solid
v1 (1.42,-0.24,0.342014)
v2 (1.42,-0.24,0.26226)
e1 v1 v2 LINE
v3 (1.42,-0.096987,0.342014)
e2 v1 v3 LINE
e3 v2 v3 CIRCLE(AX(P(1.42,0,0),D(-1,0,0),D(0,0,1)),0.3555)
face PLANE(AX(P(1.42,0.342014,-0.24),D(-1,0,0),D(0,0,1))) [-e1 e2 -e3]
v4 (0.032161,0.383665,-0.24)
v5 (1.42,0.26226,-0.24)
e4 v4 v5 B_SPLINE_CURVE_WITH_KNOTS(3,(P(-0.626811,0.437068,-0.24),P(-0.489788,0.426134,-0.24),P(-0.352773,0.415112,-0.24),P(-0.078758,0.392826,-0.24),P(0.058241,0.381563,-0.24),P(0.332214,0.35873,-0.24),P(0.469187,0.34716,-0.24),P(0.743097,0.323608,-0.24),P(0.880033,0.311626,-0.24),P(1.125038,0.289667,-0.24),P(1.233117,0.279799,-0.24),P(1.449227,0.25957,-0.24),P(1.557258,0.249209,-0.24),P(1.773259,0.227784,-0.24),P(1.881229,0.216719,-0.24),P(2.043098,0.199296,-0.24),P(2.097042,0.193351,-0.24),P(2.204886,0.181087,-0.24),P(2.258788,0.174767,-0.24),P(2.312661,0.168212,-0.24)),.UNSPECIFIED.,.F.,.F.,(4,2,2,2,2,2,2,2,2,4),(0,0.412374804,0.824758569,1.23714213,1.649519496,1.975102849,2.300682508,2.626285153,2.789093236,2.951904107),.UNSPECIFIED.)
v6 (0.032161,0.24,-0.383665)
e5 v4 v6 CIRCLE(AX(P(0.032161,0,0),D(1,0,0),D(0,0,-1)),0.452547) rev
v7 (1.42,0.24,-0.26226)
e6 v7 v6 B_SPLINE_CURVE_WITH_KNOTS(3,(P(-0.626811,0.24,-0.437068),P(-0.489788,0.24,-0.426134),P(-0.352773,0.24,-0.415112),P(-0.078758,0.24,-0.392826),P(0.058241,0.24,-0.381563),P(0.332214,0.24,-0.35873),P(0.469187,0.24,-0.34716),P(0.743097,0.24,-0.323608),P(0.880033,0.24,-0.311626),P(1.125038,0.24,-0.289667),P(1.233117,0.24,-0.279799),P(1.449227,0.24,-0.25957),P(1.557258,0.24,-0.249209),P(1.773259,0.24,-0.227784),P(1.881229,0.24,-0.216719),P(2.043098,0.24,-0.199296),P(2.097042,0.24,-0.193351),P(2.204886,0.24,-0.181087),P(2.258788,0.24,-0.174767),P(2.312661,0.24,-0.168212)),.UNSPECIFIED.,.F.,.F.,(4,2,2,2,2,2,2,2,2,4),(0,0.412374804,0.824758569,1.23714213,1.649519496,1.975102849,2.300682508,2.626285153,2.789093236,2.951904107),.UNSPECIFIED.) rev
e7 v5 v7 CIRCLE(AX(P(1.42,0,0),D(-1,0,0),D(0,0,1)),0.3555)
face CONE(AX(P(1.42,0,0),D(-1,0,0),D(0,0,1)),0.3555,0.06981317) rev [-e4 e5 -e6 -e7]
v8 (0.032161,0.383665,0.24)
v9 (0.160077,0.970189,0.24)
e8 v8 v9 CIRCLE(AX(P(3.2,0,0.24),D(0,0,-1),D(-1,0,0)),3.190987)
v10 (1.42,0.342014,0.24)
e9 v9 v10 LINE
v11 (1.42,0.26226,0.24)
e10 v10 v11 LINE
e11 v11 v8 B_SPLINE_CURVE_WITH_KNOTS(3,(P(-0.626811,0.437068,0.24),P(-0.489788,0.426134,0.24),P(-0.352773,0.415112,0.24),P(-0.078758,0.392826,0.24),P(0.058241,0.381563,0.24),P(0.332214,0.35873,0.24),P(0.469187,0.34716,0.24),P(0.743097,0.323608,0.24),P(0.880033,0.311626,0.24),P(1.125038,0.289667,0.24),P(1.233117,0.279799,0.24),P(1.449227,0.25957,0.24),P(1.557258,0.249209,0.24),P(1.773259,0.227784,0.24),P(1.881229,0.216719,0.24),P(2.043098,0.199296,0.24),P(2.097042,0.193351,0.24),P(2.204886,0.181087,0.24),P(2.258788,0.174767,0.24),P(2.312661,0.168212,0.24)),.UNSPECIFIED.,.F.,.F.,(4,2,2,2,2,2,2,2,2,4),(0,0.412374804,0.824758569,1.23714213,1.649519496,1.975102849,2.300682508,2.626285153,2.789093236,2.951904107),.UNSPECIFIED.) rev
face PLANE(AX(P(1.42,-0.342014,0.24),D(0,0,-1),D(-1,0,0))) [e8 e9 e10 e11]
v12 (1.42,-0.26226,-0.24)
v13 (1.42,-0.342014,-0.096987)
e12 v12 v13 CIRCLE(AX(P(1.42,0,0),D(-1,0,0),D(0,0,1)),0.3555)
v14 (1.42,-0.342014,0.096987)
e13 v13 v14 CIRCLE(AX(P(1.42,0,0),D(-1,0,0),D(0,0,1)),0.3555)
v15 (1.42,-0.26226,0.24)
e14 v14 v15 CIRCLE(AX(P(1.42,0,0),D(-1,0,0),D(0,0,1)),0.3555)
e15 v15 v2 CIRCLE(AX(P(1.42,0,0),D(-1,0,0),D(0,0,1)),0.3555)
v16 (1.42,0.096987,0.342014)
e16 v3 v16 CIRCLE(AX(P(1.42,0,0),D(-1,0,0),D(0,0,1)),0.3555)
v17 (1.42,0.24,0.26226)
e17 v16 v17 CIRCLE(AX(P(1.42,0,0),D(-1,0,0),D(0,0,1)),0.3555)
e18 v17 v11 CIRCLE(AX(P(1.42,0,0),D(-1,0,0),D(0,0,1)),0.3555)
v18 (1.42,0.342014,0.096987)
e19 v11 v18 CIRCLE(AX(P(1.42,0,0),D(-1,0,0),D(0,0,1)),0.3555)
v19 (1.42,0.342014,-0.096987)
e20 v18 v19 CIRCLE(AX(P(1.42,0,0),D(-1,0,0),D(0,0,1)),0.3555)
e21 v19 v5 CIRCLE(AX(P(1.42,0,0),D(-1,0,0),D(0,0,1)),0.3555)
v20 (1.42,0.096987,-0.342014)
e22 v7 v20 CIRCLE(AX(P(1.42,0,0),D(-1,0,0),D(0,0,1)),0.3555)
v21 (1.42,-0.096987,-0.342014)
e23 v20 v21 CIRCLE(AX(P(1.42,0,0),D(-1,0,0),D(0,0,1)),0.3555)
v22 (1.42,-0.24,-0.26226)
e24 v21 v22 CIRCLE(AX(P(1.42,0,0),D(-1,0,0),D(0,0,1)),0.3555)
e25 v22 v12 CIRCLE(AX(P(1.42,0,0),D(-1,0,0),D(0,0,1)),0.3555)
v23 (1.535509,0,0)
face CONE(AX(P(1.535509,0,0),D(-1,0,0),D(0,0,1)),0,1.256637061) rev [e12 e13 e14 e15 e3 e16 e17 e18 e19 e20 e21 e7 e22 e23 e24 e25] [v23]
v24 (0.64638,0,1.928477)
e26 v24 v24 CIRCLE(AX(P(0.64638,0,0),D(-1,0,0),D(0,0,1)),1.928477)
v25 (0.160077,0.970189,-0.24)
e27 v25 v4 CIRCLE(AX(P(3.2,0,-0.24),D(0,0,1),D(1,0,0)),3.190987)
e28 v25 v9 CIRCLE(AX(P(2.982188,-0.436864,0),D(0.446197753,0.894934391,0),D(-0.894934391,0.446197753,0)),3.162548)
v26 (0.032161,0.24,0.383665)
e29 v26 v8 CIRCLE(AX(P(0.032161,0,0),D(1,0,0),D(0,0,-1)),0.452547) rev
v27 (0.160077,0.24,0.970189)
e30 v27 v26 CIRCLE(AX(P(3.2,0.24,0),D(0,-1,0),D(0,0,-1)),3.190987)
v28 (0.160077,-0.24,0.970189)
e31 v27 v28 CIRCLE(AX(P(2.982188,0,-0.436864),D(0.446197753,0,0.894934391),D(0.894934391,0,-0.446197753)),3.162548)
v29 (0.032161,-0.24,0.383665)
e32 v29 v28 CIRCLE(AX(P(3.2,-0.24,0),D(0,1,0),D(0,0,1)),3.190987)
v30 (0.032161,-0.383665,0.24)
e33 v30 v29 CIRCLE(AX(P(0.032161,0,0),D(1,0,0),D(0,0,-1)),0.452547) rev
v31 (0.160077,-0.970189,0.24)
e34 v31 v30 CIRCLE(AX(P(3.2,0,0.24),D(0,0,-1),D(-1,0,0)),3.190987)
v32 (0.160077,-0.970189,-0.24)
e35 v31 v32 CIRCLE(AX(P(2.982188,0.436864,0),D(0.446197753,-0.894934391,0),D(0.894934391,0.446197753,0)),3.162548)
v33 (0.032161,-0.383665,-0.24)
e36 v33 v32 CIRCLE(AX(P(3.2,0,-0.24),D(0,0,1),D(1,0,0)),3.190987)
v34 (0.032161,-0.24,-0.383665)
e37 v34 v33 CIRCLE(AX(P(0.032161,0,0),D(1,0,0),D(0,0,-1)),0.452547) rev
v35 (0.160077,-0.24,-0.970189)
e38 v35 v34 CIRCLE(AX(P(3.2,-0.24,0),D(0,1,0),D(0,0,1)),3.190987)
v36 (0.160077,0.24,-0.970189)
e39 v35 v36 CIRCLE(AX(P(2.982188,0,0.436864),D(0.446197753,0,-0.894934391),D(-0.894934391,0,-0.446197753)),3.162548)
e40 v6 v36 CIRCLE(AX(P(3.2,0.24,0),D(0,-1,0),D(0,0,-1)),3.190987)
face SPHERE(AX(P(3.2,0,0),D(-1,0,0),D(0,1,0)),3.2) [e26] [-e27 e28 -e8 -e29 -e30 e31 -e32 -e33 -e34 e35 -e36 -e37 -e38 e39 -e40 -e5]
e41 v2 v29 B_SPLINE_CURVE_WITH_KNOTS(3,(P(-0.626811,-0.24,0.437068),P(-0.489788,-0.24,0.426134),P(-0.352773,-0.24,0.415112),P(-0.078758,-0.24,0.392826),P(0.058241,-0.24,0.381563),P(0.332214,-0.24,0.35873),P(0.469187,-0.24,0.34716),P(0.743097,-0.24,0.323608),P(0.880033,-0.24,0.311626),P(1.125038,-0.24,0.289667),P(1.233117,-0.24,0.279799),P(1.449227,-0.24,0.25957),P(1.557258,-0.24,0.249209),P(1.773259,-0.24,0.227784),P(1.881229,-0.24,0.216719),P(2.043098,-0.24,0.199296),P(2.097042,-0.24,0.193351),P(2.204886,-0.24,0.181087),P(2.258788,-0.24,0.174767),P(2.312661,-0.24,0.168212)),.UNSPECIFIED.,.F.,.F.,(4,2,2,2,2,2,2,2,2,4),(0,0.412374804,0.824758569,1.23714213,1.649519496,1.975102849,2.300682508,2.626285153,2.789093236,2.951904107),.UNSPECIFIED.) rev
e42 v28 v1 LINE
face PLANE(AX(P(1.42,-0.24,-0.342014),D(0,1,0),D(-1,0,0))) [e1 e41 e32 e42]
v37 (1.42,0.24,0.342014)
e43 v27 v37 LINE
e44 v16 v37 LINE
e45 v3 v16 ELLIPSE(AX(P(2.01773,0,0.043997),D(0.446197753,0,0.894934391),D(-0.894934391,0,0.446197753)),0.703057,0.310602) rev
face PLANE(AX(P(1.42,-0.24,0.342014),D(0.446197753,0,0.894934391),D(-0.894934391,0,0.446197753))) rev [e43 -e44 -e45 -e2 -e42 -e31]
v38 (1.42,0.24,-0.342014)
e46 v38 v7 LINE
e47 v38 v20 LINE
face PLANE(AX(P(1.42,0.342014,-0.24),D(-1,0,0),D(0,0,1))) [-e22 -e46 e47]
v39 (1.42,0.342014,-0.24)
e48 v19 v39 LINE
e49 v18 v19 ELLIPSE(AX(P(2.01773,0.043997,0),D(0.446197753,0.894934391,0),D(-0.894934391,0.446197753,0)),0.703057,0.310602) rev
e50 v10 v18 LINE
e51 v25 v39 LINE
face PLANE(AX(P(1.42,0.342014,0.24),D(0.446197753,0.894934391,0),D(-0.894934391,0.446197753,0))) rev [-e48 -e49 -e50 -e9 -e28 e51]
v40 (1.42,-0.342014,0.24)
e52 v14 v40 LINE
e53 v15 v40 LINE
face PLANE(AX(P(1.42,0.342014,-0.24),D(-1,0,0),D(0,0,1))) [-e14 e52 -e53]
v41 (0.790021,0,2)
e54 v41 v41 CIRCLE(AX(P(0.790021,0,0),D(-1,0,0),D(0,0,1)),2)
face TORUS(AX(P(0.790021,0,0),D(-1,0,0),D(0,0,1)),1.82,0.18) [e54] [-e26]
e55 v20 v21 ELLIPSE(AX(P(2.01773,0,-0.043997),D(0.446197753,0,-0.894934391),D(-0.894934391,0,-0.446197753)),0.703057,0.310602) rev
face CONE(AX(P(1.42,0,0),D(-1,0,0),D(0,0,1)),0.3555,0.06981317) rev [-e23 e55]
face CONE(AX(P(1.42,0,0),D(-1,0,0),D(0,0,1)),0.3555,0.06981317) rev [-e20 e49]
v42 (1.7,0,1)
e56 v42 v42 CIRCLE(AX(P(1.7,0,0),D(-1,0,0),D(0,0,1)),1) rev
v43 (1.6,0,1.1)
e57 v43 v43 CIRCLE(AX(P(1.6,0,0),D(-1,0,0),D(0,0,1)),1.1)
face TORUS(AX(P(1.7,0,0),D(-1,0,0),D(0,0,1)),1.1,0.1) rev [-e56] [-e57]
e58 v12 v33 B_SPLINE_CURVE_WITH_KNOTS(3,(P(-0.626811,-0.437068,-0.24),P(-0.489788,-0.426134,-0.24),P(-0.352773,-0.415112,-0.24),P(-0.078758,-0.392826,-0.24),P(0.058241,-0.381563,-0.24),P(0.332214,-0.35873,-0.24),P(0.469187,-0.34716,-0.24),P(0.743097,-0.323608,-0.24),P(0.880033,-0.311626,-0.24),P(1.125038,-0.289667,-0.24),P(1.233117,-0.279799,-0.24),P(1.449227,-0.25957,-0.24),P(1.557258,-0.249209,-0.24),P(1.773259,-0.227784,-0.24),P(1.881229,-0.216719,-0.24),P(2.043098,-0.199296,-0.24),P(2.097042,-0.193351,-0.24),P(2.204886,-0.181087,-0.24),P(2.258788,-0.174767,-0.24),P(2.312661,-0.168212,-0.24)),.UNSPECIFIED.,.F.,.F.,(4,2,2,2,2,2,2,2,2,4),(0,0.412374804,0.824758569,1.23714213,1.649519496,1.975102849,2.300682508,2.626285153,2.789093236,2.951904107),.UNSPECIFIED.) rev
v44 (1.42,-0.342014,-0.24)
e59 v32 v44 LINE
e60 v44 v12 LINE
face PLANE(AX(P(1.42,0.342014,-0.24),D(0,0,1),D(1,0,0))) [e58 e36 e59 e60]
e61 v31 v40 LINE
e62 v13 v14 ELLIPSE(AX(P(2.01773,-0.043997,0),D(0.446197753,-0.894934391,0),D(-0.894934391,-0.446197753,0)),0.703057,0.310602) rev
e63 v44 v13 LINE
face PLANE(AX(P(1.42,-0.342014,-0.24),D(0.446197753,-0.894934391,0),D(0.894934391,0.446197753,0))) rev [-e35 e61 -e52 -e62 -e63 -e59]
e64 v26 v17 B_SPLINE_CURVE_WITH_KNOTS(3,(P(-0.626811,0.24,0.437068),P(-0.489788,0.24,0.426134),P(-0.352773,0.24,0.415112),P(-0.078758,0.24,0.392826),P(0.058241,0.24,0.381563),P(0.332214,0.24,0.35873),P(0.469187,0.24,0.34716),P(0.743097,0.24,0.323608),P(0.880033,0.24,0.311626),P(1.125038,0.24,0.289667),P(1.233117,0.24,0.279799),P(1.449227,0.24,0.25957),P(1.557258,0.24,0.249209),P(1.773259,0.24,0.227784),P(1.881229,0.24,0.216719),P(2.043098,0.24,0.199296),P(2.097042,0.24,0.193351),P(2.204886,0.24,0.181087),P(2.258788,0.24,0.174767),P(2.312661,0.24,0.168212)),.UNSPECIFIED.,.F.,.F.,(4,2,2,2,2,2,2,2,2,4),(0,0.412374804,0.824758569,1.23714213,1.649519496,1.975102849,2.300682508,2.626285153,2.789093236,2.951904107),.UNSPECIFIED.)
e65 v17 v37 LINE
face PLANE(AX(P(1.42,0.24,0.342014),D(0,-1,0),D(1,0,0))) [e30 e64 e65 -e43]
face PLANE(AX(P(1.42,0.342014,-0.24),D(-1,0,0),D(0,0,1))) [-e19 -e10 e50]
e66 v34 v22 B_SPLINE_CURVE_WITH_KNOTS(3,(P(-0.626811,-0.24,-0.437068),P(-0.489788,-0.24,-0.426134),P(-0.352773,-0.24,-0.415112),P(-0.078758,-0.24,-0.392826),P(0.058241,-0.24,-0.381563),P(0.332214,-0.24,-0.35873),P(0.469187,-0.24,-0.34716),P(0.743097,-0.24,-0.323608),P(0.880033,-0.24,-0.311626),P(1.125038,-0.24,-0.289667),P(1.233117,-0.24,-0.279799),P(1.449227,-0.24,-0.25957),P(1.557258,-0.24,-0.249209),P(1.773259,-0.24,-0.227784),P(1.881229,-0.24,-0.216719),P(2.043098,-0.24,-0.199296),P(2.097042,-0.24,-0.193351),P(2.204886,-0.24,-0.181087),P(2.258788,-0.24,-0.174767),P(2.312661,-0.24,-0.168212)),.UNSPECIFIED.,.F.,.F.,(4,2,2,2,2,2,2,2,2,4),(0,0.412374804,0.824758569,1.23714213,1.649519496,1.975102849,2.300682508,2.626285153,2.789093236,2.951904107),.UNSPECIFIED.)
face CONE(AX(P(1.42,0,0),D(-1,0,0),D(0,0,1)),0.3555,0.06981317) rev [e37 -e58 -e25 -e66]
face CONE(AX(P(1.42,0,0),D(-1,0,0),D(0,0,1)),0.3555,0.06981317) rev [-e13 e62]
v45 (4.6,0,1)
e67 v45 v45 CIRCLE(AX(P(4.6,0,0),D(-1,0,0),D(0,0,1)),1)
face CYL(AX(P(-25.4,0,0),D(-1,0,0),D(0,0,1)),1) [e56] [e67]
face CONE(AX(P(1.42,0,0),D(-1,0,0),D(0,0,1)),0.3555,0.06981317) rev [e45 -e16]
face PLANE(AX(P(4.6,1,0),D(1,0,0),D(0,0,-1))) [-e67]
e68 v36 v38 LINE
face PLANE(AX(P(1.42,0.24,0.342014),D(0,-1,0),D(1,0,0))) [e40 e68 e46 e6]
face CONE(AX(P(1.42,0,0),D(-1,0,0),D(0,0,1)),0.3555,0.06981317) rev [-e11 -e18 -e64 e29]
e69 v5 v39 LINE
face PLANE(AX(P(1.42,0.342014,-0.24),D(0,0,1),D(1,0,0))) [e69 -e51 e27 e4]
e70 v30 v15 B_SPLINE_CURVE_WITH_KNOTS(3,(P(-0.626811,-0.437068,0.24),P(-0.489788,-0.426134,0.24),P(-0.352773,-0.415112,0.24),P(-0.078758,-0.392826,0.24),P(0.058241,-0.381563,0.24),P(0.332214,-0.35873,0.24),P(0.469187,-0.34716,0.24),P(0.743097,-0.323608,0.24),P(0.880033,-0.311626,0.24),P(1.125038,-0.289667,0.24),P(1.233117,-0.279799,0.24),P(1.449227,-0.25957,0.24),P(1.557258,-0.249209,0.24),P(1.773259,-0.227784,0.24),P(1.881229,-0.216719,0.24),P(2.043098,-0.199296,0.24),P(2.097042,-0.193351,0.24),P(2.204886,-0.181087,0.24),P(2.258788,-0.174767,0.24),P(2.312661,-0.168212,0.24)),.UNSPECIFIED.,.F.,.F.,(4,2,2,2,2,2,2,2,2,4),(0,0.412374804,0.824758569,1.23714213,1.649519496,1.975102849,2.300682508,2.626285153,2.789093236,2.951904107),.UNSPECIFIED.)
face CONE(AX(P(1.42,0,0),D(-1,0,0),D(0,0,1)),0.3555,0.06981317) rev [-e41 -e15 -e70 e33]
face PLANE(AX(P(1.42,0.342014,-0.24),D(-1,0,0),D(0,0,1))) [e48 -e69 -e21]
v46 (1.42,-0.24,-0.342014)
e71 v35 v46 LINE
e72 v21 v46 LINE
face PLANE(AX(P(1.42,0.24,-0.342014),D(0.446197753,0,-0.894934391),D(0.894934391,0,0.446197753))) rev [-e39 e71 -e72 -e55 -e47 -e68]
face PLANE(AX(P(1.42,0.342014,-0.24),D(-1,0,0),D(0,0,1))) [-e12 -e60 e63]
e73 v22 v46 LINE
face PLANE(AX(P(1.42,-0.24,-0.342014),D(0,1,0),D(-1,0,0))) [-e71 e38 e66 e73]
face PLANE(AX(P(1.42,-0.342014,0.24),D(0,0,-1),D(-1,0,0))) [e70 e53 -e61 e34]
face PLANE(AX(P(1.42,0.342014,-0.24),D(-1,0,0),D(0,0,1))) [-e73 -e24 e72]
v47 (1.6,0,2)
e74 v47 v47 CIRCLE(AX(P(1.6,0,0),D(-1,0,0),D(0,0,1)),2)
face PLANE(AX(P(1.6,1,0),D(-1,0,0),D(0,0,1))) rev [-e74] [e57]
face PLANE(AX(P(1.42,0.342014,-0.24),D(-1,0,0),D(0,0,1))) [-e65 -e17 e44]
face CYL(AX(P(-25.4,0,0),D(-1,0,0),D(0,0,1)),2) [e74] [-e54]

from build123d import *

# Parameters (mm, degrees)
FILLET1_R    = 0.1
RECPAT_COUNT = 2
RECPAT_ANGLE = 90


with BuildPart() as part:
    # BodySke → Base-Revolve (revolve)
    with BuildSketch(Plane.XY, mode=Mode.PRIVATE) as base_revolve_sk:
        with BuildLine():
            Line((1.6, 1), (1.6, 2))
            Line((1.6, 2), (0.790020747, 2))
            ThreePointArc((0.790020747, 2), (0.709789294, 1.981130115), (0.646379599, 1.928476821))
            ThreePointArc((0.646379599, 1.928476821), (0.165895084, 1.016959861), (0, 0))
            Line((0, 0), (4.6, 0))
            Line((4.6, 0), (4.6, 1))
            Line((4.6, 1), (1.6, 1))
        make_face()
    revolve(base_revolve_sk.sketch.rotate(Axis((0.790020747, 0, 0), (1, 0, 0)), 90), axis=Axis((0.790020747, 0, 0), (1, 0, 0)))

    # Fillet1
    fillet1_edges = [part.edges().sort_by_distance(p)[0] for p in [
        (1.6, 0, -1),
    ]]
    fillet(fillet1_edges, radius=FILLET1_R)

    # Sketch3 → Recess section 0
    with BuildSketch(Plane(origin=(0, 0, 0), x_dir=(0, 0, -1), z_dir=(1, 0, 0))):
        with BuildLine():
            Line((0.24, -1.05), (-0.24, -1.05))
            Line((-0.24, -1.05), (-0.24, 1.05))
            Line((-0.24, 1.05), (0.24, 1.05))
            Line((0.24, 1.05), (0.24, -1.05))
        make_face()
    # Sketch4 → Recess section 1
    with BuildSketch(Plane(origin=(1.42, 0, 0), x_dir=(0, 0, -1), z_dir=(1, 0, 0))):
        with BuildLine():
            Line((0.24, -0.342014235), (-0.24, -0.342014235))
            Line((-0.24, -0.342014235), (-0.24, 0.342014235))
            Line((-0.24, 0.342014235), (0.24, 0.342014235))
            Line((0.24, 0.342014235), (0.24, -0.342014235))
        make_face()
    recess = loft(mode=Mode.SUBTRACT)

    # RecPat: Recess ×2 about axis
    recpat_axis = Axis((0, 0, 0), (1, 0, 0))
    for i in range(1, RECPAT_COUNT):
        add(recess.rotate(recpat_axis, i * RECPAT_ANGLE / (RECPAT_COUNT - 1)), mode=Mode.SUBTRACT)

    # RecCorSke → RecessCore (revolve, cut)
    with BuildSketch(Plane.XY, mode=Mode.PRIVATE) as recesscore_sk:
        Polygon((0, 0), (0, 0.454796073), (1.42, 0.3555), (1.535508952, 0), align=None)
    revolve(recesscore_sk.sketch.rotate(Axis((-3.175, 0, 0), (1, 0, 0)), 13.894577695), axis=Axis((-3.175, 0, 0), (1, 0, 0)), mode=Mode.SUBTRACT)


solid = part.part
